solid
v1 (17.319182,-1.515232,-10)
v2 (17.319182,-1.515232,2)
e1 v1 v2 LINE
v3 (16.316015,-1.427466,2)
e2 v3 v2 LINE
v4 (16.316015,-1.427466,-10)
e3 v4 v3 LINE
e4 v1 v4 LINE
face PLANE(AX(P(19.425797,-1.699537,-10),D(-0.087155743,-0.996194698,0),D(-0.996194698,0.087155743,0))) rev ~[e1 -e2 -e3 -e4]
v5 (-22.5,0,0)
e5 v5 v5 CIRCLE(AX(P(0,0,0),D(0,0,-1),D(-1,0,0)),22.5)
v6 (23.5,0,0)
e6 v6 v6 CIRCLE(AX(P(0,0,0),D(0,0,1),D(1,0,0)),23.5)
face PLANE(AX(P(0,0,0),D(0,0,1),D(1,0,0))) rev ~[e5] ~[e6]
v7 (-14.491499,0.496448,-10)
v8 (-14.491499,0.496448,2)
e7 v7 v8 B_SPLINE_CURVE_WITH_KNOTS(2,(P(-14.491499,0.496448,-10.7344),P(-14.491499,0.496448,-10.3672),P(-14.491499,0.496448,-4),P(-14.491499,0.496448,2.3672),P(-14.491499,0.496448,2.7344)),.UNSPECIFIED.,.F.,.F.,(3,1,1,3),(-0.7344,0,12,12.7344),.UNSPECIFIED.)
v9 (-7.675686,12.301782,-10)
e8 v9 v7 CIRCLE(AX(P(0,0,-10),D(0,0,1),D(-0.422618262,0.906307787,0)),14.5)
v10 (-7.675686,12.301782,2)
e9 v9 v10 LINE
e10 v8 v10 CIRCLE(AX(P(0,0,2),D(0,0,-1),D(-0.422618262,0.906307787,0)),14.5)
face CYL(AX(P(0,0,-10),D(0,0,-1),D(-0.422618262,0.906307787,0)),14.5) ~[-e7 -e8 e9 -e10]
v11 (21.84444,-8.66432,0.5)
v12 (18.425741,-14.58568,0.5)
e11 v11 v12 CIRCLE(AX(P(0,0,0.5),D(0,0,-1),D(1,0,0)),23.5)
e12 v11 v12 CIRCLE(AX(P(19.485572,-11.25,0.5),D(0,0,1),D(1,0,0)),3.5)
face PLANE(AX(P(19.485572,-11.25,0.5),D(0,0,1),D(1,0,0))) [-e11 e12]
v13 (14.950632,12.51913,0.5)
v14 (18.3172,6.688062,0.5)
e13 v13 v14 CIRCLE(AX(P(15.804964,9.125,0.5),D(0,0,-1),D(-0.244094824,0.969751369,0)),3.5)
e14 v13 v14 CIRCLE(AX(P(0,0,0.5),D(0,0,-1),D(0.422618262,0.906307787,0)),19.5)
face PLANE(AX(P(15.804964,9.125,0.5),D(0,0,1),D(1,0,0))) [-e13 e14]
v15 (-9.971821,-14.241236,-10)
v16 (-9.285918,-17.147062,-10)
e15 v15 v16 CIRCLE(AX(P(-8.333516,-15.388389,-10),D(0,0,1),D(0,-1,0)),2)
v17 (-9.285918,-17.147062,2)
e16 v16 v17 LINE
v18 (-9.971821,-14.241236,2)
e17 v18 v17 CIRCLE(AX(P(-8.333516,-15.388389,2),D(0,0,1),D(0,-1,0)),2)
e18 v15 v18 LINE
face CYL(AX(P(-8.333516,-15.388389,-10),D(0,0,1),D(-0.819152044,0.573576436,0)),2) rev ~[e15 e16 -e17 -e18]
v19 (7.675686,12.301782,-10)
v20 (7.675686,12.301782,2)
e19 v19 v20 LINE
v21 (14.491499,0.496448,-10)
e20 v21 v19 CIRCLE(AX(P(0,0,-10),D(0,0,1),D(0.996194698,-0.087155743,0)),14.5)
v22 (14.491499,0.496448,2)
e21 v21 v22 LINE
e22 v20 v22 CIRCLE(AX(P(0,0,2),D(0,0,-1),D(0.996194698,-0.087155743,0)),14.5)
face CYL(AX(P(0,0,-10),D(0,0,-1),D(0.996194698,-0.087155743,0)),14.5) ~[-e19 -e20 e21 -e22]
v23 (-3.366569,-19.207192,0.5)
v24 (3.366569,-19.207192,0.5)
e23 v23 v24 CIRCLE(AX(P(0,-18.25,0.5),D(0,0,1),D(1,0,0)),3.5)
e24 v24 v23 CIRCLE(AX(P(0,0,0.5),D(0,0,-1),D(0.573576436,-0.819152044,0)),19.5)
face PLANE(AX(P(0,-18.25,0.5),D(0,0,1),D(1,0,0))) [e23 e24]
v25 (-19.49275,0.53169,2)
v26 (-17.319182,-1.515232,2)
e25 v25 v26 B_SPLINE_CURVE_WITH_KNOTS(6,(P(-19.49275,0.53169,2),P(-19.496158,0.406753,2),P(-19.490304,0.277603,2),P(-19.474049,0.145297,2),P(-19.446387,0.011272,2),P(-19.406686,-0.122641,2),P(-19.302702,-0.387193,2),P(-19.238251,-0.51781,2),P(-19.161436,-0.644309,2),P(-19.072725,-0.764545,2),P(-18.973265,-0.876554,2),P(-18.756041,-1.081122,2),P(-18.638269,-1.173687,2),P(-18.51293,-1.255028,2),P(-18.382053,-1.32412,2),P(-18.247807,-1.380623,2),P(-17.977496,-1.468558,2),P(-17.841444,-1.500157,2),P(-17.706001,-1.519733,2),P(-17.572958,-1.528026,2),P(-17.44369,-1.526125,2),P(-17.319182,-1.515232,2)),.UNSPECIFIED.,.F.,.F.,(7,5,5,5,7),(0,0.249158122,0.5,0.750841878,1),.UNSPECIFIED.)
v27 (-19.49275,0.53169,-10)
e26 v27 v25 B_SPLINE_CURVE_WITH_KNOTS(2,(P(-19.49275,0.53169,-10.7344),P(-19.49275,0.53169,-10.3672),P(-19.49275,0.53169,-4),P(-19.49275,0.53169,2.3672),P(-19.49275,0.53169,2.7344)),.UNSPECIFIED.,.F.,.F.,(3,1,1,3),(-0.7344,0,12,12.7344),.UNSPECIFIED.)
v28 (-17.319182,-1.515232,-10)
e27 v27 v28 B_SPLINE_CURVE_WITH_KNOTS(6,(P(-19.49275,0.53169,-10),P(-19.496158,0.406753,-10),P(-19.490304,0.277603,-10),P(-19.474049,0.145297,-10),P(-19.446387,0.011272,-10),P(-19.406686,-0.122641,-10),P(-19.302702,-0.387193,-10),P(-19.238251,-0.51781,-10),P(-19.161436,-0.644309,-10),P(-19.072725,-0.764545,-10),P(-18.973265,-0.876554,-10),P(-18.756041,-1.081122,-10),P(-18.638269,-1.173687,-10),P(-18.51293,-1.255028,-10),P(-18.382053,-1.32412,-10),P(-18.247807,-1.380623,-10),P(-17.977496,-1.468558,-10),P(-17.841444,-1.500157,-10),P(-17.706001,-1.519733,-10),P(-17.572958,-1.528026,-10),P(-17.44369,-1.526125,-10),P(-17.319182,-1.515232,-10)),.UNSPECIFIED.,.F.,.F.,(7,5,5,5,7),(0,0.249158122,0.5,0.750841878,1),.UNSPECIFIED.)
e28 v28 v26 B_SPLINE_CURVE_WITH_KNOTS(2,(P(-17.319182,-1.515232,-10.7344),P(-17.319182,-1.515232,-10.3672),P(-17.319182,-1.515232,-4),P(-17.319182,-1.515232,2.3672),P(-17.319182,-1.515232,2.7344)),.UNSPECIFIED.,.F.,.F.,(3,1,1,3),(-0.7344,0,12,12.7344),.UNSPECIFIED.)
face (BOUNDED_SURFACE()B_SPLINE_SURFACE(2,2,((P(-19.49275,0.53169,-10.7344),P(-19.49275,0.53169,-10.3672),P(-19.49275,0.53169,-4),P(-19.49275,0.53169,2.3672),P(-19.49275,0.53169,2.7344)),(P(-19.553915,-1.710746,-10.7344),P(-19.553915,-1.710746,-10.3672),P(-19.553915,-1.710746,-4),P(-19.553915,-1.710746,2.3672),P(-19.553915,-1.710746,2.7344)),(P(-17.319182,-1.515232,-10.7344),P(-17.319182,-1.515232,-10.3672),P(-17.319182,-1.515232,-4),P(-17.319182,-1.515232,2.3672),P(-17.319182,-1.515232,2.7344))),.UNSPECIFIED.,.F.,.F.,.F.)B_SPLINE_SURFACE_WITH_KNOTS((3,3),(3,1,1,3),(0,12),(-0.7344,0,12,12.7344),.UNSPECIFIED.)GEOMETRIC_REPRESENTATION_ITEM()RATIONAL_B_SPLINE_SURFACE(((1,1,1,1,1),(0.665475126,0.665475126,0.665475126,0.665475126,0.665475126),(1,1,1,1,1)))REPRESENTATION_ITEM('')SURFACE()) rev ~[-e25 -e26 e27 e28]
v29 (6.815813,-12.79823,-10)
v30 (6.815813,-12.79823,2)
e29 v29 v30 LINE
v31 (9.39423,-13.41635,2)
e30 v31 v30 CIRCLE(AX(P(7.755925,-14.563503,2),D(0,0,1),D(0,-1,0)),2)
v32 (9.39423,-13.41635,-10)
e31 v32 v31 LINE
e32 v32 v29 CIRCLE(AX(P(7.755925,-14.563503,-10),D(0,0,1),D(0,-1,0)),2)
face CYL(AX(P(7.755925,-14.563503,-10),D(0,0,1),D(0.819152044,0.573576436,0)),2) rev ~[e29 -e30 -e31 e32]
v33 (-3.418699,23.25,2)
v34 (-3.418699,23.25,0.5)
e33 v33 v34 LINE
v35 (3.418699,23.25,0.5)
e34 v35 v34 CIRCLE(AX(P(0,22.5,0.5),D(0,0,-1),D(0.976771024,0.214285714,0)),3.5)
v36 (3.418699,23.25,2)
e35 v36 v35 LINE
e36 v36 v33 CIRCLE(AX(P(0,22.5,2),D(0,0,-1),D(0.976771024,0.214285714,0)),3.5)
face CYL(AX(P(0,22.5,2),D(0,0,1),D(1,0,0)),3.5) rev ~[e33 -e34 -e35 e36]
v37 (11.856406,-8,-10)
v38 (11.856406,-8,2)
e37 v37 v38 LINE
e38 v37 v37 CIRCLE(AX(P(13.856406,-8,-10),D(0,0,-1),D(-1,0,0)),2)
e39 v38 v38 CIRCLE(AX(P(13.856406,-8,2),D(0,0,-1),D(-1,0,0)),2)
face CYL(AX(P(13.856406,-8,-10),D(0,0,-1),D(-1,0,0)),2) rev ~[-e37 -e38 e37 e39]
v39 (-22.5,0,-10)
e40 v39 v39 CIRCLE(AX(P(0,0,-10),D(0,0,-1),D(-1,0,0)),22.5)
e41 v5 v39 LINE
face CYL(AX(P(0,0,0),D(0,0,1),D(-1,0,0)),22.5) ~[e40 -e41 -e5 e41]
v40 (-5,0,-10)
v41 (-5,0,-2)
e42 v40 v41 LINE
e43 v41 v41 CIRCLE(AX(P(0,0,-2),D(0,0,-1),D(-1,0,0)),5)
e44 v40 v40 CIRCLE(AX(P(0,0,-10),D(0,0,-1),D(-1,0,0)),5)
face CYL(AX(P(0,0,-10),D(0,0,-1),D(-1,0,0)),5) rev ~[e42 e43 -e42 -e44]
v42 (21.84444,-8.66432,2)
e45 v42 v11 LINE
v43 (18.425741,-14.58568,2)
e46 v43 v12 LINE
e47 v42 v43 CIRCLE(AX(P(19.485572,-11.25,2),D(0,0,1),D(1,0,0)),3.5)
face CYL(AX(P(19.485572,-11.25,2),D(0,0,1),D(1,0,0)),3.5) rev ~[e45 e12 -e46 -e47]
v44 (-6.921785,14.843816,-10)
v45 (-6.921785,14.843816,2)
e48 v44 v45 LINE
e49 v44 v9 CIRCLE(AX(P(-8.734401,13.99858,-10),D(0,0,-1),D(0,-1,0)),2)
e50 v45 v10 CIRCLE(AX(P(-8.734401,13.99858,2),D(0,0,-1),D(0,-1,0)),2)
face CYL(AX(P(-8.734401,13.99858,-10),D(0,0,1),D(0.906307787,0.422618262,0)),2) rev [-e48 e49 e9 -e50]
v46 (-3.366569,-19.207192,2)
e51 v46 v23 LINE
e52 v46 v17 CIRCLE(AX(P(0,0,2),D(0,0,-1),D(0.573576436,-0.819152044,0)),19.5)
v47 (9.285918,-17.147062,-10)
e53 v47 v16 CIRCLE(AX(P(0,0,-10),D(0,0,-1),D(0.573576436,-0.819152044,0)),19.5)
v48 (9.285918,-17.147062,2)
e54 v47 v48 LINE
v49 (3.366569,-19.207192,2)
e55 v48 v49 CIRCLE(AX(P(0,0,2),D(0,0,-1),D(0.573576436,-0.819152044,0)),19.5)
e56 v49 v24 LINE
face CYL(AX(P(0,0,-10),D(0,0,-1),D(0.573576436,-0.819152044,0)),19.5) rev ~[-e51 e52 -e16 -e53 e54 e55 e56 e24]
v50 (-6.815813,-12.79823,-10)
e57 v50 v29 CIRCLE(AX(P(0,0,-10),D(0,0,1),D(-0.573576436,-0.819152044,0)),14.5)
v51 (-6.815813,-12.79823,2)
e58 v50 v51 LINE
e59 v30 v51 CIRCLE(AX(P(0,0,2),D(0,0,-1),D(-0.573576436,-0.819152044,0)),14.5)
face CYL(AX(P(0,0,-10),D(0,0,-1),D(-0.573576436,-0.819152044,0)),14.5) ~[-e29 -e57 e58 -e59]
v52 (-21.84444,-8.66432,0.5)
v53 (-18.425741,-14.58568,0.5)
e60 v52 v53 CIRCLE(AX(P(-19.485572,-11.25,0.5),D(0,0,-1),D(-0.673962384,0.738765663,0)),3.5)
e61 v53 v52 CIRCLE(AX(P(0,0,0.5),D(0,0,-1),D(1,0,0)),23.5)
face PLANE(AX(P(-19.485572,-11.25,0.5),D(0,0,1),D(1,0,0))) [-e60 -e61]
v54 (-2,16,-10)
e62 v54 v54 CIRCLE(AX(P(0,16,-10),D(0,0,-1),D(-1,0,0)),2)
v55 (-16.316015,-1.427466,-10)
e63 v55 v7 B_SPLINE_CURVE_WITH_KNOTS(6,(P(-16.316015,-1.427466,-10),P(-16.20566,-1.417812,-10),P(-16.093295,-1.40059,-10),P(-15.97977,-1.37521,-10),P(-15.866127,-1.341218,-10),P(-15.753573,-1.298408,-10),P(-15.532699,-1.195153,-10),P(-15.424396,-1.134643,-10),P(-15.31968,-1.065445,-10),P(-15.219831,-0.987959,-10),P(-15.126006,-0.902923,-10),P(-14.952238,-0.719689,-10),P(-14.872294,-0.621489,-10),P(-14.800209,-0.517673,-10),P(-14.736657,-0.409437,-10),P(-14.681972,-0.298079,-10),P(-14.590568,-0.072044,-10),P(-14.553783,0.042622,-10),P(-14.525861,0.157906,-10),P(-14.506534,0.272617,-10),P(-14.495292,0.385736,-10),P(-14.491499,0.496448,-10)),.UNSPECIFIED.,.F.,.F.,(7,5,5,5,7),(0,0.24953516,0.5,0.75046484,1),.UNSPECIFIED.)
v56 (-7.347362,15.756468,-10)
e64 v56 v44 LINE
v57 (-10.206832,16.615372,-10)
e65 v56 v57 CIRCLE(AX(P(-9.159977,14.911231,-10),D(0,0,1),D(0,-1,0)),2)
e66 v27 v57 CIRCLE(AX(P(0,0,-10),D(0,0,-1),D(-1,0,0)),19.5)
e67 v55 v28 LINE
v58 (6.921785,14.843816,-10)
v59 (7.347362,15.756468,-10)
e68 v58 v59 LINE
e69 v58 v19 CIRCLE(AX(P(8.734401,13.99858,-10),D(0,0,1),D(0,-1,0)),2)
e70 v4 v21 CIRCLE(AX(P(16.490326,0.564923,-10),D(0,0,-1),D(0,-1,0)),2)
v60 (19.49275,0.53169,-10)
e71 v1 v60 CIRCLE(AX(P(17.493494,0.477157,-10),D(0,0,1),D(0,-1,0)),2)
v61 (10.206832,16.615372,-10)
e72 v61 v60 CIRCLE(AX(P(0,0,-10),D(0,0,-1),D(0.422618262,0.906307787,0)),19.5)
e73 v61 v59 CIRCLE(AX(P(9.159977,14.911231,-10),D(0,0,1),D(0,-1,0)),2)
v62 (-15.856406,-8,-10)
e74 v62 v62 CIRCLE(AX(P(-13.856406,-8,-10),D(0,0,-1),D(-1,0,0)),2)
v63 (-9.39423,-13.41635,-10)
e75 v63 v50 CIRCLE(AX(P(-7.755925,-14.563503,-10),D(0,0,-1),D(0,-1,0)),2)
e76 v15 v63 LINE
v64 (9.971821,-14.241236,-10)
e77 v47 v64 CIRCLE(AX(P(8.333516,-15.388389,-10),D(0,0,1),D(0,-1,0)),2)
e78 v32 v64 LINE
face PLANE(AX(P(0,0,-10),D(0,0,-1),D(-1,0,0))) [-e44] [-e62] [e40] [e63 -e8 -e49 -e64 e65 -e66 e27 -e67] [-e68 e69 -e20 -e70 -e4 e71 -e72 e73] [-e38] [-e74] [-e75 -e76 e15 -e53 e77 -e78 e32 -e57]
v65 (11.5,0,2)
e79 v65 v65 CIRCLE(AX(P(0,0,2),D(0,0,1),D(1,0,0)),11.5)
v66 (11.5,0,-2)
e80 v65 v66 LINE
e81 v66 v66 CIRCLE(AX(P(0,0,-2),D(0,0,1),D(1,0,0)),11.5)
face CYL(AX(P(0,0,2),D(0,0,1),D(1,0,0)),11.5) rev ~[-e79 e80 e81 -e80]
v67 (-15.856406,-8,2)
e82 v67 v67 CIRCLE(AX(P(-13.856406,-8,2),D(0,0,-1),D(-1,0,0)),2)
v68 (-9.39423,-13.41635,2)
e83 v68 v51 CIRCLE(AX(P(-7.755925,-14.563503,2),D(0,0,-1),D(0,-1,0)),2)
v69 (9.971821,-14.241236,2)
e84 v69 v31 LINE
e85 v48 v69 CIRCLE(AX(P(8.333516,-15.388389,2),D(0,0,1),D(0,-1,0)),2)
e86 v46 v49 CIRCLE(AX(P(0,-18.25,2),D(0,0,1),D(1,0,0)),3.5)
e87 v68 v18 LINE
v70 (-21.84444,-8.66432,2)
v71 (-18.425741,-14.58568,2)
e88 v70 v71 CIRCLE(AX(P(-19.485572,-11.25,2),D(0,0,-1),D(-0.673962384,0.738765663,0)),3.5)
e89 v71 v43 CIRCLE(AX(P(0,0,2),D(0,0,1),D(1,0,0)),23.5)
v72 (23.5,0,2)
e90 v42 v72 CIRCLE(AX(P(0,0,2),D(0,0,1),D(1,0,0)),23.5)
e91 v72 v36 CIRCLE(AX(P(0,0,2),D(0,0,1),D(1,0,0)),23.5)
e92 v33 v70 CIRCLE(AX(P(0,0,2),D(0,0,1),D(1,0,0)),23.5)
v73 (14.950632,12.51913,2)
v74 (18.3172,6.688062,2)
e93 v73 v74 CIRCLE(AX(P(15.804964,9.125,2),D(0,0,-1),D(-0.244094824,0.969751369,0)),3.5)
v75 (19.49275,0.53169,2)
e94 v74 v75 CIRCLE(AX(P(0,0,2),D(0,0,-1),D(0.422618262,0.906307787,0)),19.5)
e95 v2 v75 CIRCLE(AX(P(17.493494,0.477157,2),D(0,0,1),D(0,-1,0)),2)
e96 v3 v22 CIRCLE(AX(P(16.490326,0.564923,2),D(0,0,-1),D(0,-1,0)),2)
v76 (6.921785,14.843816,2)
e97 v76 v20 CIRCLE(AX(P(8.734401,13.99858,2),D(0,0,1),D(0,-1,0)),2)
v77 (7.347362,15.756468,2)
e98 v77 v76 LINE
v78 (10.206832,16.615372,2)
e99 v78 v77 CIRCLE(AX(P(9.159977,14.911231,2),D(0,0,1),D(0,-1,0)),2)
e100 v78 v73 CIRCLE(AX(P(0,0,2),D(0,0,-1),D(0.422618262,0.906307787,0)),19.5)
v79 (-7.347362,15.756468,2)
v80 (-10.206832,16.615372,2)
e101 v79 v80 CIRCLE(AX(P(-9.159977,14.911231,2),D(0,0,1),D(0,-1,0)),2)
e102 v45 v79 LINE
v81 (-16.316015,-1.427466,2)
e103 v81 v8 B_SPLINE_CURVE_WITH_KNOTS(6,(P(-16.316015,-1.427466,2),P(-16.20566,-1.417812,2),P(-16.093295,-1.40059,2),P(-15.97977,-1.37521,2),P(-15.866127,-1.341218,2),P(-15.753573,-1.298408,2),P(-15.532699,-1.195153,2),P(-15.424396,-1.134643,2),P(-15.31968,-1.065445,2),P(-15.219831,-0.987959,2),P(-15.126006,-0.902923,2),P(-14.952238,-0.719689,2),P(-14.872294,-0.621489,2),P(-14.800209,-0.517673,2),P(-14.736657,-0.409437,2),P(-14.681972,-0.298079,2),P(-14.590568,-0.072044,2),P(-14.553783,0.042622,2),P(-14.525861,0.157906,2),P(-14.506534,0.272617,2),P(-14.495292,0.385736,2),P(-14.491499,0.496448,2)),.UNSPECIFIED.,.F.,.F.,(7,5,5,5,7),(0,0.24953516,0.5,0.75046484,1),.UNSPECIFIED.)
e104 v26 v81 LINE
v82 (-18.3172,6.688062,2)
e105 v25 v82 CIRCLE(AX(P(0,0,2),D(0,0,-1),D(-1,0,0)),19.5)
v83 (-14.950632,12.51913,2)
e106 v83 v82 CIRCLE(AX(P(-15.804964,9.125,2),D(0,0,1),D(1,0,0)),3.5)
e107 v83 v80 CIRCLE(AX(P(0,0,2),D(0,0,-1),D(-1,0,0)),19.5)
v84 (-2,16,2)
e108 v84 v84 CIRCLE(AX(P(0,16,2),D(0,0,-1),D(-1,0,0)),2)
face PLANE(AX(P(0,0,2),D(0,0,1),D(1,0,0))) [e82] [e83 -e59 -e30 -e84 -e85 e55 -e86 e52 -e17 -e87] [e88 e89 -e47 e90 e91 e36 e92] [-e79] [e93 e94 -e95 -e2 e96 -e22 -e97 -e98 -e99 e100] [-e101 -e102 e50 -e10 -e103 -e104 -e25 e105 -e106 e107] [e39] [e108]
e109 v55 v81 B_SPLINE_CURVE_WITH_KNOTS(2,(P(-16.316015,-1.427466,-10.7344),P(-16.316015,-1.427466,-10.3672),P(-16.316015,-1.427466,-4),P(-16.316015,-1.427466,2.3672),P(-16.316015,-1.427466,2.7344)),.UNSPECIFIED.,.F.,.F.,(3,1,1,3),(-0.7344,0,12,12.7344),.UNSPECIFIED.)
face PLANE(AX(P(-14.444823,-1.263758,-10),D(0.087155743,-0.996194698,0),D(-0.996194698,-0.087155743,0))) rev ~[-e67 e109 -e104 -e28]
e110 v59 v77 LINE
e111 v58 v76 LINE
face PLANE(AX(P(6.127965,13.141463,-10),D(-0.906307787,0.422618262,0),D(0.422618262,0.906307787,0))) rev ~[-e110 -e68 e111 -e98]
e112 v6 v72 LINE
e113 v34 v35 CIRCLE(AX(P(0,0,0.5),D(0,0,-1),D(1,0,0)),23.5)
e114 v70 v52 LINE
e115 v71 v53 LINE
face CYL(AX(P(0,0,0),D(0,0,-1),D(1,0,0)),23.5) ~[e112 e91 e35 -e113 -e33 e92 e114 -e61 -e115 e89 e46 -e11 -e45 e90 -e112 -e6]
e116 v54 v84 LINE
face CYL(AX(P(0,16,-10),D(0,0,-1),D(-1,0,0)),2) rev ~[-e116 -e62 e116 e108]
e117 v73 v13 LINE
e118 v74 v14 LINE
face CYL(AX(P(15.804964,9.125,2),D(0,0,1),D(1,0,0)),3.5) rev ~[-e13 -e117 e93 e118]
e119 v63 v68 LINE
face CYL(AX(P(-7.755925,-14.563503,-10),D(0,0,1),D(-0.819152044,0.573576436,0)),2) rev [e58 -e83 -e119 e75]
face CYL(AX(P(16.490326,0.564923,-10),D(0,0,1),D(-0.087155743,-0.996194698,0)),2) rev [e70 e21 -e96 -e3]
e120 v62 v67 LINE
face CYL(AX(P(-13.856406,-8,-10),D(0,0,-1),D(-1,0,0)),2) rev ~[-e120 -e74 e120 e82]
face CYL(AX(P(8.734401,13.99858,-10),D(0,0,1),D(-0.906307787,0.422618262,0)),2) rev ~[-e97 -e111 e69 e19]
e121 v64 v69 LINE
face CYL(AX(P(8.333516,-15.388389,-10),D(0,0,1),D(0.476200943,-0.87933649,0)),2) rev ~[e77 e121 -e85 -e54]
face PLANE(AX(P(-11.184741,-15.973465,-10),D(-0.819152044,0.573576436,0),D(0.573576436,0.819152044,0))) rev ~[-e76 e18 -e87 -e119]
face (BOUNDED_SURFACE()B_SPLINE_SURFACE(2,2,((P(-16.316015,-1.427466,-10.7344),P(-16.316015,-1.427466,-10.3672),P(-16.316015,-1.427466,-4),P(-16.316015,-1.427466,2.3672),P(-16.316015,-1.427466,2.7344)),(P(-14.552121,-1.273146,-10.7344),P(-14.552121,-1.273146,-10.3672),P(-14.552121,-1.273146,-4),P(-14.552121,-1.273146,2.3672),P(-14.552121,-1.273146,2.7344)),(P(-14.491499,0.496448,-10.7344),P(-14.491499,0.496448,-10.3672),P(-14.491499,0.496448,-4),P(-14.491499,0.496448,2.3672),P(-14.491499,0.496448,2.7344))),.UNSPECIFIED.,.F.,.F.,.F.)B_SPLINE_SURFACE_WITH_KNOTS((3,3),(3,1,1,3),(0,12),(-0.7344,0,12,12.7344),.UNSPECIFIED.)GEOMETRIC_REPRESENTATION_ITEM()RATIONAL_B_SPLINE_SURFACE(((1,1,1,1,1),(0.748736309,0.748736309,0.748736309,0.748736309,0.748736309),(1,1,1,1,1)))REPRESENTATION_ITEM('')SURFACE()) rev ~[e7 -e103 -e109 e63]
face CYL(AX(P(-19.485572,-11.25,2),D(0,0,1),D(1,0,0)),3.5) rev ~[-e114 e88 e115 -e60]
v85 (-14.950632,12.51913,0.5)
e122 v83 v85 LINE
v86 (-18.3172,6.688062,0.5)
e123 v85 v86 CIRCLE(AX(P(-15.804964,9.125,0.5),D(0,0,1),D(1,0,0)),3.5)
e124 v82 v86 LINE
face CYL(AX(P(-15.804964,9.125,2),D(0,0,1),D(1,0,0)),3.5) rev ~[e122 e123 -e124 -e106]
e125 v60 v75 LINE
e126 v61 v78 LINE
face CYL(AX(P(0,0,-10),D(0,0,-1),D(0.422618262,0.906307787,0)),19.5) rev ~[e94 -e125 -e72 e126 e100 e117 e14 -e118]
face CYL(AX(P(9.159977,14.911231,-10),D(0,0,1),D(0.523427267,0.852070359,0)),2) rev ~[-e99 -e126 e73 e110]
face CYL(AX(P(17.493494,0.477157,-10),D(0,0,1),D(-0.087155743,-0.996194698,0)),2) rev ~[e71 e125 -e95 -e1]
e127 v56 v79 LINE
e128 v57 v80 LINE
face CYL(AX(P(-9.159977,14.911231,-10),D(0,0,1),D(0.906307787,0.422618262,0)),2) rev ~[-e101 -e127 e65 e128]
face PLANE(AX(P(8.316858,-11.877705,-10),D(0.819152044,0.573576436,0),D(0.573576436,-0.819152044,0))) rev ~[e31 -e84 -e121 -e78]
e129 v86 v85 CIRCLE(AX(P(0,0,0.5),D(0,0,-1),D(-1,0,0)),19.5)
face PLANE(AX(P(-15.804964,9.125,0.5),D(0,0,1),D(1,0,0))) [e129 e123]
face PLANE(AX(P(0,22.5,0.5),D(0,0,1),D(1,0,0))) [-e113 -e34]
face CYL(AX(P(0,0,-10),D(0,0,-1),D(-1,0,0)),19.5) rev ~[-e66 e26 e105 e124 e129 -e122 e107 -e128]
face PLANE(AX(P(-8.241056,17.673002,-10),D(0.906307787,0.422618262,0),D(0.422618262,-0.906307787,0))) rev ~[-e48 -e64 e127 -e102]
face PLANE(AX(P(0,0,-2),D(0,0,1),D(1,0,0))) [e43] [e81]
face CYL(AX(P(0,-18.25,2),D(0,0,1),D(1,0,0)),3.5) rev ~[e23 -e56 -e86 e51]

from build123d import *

# Parameters (mm, degrees)
SKETCH_1_R          = 23.5
EXTRUDE_1_DEPTH     = 2
SKETCH_2_R          = 22.5
EXTRUDE_2_DEPTH     = 10
SKETCH_3_R          = 2
CUT_EXTRUDE_1_DEPTH = 14
SKETCH_5_R          = 5
CUT_EXTRUDE_2_DEPTH = 14
CUT_EXTRUDE_3_DEPTH = 14
FILLET_1_R          = 2
SKETCH_7_R          = 3.5
CUT_EXTRUDE_4_DEPTH = 1.5
SKETCH_8_R          = 11.5
CUT_EXTRUDE_5_DEPTH = 4


with BuildPart() as part:
    # 草图1 → 凸台-拉伸1 (new body)
    with BuildSketch(Plane.XY):
        Circle(SKETCH_1_R)
    extrude(amount=EXTRUDE_1_DEPTH)

    # 草图2 → 凸台-拉伸2 (add)
    with BuildSketch(Plane(origin=(0, 0, 0), x_dir=(-1, 0, 0), z_dir=(0, 0, -1))):
        Circle(SKETCH_2_R)
    extrude(amount=EXTRUDE_2_DEPTH)

    # 草图3 → 切除-拉伸1 (cut)
    with BuildSketch(Plane(origin=(0, 0, -10), x_dir=(-1, 0, 0), z_dir=(0, 0, -1))):
        with Locations((0, 16)):
            Circle(SKETCH_3_R)
        with Locations((13.856406461, -8)):
            Circle(SKETCH_3_R)
        with Locations((-13.856406461, -8)):
            Circle(SKETCH_3_R)
    extrude(amount=-CUT_EXTRUDE_1_DEPTH, mode=Mode.SUBTRACT)

    # 草图5 → 切除-拉伸2 (cut)
    with BuildSketch(Plane(origin=(0, 0, -10), x_dir=(-1, 0, 0), z_dir=(0, 0, -1))):
        Circle(SKETCH_5_R)
    extrude(amount=-CUT_EXTRUDE_2_DEPTH, mode=Mode.SUBTRACT)

    # 草图6 → 切除-拉伸3 (cut)
    with BuildSketch(Plane(origin=(0, 0, -10), x_dir=(-1, 0, 0), z_dir=(0, 0, -1))):
        with BuildLine():
            Line((8.241056104, 17.673001847), (6.127964795, 13.141462912))
            ThreePointArc((6.127964795, 13.141462912), (12.229175964, 7.790844321), (14.5, 0))
            ThreePointArc((14.5, 0), (14.486199213, -0.632481117), (14.444823122, -1.26375827))
            Line((14.444823122, -1.26375827), (19.425796613, -1.699536984))
            ThreePointArc((19.425796613, -1.699536984), (19.481440321, -0.850578054), (19.5, 0))
            ThreePointArc((19.5, 0), (16.446133193, 10.477342363), (8.241056104, 17.673001847))
        make_face()
        with BuildLine():
            Line((11.184740509, -15.973464864), (8.316858327, -11.877704642))
            ThreePointArc((8.316858327, -11.877704642), (0, -14.5), (-8.316858327, -11.877704642))
            Line((-8.316858327, -11.877704642), (-11.184740509, -15.973464864))
            ThreePointArc((-11.184740509, -15.973464864), (0, -19.5), (11.184740509, -15.973464864))
        make_face()
        with BuildLine():
            Line((-19.425796613, -1.699536984), (-14.444823122, -1.26375827))
            ThreePointArc((-14.444823122, -1.26375827), (-12.557368355, 7.25), (-6.127964795, 13.141462912))
            Line((-6.127964795, 13.141462912), (-8.241056104, 17.673001847))
            ThreePointArc((-8.241056104, 17.673001847), (-16.887495374, 9.75), (-19.425796613, -1.699536984))
        make_face()
    extrude(amount=-CUT_EXTRUDE_3_DEPTH, mode=Mode.SUBTRACT)

    # 圆角1
    fillet_1_edges = [part.edges().sort_by_distance(p)[0] for p in [
        (8.241056104, 17.673001847, -4),
        (6.127964795, 13.141462912, -4),
        (14.444823122, -1.26375827, -4),
        (19.425796613, -1.699536984, -4),
        (11.184740509, -15.973464864, -4),
        (8.316858327, -11.877704642, -4),
        (-8.316858327, -11.877704642, -4),
        (-11.184740509, -15.973464864, -4),
        (-19.425796613, -1.699536984, -4),
        (-14.444823122, -1.26375827, -4),
        (-6.127964795, 13.141462912, -4),
        (-8.241056104, 17.673001847, -4),
    ]]
    fillet(fillet_1_edges, radius=FILLET_1_R)

    # 草图7 → 切除-拉伸4 (cut)
    with BuildSketch(Plane.XY.offset(2)):
        with Locations((0, 22.5)):
            Circle(SKETCH_7_R)
        with Locations((19.485571585, -11.25)):
            Circle(SKETCH_7_R)
        with Locations((-19.485571585, -11.25)):
            Circle(SKETCH_7_R)
        with Locations((15.804963619, 9.125)):
            Circle(SKETCH_7_R)
        with Locations((0, -18.25)):
            Circle(SKETCH_7_R)
        with Locations((-15.804963619, 9.125)):
            Circle(SKETCH_7_R)
    extrude(amount=-CUT_EXTRUDE_4_DEPTH, mode=Mode.SUBTRACT)

    # 草图8 → 切除-拉伸5 (cut)
    with BuildSketch(Plane.XY.offset(2)):
        Circle(SKETCH_8_R)
    extrude(amount=-CUT_EXTRUDE_5_DEPTH, mode=Mode.SUBTRACT)


solid = part.part
